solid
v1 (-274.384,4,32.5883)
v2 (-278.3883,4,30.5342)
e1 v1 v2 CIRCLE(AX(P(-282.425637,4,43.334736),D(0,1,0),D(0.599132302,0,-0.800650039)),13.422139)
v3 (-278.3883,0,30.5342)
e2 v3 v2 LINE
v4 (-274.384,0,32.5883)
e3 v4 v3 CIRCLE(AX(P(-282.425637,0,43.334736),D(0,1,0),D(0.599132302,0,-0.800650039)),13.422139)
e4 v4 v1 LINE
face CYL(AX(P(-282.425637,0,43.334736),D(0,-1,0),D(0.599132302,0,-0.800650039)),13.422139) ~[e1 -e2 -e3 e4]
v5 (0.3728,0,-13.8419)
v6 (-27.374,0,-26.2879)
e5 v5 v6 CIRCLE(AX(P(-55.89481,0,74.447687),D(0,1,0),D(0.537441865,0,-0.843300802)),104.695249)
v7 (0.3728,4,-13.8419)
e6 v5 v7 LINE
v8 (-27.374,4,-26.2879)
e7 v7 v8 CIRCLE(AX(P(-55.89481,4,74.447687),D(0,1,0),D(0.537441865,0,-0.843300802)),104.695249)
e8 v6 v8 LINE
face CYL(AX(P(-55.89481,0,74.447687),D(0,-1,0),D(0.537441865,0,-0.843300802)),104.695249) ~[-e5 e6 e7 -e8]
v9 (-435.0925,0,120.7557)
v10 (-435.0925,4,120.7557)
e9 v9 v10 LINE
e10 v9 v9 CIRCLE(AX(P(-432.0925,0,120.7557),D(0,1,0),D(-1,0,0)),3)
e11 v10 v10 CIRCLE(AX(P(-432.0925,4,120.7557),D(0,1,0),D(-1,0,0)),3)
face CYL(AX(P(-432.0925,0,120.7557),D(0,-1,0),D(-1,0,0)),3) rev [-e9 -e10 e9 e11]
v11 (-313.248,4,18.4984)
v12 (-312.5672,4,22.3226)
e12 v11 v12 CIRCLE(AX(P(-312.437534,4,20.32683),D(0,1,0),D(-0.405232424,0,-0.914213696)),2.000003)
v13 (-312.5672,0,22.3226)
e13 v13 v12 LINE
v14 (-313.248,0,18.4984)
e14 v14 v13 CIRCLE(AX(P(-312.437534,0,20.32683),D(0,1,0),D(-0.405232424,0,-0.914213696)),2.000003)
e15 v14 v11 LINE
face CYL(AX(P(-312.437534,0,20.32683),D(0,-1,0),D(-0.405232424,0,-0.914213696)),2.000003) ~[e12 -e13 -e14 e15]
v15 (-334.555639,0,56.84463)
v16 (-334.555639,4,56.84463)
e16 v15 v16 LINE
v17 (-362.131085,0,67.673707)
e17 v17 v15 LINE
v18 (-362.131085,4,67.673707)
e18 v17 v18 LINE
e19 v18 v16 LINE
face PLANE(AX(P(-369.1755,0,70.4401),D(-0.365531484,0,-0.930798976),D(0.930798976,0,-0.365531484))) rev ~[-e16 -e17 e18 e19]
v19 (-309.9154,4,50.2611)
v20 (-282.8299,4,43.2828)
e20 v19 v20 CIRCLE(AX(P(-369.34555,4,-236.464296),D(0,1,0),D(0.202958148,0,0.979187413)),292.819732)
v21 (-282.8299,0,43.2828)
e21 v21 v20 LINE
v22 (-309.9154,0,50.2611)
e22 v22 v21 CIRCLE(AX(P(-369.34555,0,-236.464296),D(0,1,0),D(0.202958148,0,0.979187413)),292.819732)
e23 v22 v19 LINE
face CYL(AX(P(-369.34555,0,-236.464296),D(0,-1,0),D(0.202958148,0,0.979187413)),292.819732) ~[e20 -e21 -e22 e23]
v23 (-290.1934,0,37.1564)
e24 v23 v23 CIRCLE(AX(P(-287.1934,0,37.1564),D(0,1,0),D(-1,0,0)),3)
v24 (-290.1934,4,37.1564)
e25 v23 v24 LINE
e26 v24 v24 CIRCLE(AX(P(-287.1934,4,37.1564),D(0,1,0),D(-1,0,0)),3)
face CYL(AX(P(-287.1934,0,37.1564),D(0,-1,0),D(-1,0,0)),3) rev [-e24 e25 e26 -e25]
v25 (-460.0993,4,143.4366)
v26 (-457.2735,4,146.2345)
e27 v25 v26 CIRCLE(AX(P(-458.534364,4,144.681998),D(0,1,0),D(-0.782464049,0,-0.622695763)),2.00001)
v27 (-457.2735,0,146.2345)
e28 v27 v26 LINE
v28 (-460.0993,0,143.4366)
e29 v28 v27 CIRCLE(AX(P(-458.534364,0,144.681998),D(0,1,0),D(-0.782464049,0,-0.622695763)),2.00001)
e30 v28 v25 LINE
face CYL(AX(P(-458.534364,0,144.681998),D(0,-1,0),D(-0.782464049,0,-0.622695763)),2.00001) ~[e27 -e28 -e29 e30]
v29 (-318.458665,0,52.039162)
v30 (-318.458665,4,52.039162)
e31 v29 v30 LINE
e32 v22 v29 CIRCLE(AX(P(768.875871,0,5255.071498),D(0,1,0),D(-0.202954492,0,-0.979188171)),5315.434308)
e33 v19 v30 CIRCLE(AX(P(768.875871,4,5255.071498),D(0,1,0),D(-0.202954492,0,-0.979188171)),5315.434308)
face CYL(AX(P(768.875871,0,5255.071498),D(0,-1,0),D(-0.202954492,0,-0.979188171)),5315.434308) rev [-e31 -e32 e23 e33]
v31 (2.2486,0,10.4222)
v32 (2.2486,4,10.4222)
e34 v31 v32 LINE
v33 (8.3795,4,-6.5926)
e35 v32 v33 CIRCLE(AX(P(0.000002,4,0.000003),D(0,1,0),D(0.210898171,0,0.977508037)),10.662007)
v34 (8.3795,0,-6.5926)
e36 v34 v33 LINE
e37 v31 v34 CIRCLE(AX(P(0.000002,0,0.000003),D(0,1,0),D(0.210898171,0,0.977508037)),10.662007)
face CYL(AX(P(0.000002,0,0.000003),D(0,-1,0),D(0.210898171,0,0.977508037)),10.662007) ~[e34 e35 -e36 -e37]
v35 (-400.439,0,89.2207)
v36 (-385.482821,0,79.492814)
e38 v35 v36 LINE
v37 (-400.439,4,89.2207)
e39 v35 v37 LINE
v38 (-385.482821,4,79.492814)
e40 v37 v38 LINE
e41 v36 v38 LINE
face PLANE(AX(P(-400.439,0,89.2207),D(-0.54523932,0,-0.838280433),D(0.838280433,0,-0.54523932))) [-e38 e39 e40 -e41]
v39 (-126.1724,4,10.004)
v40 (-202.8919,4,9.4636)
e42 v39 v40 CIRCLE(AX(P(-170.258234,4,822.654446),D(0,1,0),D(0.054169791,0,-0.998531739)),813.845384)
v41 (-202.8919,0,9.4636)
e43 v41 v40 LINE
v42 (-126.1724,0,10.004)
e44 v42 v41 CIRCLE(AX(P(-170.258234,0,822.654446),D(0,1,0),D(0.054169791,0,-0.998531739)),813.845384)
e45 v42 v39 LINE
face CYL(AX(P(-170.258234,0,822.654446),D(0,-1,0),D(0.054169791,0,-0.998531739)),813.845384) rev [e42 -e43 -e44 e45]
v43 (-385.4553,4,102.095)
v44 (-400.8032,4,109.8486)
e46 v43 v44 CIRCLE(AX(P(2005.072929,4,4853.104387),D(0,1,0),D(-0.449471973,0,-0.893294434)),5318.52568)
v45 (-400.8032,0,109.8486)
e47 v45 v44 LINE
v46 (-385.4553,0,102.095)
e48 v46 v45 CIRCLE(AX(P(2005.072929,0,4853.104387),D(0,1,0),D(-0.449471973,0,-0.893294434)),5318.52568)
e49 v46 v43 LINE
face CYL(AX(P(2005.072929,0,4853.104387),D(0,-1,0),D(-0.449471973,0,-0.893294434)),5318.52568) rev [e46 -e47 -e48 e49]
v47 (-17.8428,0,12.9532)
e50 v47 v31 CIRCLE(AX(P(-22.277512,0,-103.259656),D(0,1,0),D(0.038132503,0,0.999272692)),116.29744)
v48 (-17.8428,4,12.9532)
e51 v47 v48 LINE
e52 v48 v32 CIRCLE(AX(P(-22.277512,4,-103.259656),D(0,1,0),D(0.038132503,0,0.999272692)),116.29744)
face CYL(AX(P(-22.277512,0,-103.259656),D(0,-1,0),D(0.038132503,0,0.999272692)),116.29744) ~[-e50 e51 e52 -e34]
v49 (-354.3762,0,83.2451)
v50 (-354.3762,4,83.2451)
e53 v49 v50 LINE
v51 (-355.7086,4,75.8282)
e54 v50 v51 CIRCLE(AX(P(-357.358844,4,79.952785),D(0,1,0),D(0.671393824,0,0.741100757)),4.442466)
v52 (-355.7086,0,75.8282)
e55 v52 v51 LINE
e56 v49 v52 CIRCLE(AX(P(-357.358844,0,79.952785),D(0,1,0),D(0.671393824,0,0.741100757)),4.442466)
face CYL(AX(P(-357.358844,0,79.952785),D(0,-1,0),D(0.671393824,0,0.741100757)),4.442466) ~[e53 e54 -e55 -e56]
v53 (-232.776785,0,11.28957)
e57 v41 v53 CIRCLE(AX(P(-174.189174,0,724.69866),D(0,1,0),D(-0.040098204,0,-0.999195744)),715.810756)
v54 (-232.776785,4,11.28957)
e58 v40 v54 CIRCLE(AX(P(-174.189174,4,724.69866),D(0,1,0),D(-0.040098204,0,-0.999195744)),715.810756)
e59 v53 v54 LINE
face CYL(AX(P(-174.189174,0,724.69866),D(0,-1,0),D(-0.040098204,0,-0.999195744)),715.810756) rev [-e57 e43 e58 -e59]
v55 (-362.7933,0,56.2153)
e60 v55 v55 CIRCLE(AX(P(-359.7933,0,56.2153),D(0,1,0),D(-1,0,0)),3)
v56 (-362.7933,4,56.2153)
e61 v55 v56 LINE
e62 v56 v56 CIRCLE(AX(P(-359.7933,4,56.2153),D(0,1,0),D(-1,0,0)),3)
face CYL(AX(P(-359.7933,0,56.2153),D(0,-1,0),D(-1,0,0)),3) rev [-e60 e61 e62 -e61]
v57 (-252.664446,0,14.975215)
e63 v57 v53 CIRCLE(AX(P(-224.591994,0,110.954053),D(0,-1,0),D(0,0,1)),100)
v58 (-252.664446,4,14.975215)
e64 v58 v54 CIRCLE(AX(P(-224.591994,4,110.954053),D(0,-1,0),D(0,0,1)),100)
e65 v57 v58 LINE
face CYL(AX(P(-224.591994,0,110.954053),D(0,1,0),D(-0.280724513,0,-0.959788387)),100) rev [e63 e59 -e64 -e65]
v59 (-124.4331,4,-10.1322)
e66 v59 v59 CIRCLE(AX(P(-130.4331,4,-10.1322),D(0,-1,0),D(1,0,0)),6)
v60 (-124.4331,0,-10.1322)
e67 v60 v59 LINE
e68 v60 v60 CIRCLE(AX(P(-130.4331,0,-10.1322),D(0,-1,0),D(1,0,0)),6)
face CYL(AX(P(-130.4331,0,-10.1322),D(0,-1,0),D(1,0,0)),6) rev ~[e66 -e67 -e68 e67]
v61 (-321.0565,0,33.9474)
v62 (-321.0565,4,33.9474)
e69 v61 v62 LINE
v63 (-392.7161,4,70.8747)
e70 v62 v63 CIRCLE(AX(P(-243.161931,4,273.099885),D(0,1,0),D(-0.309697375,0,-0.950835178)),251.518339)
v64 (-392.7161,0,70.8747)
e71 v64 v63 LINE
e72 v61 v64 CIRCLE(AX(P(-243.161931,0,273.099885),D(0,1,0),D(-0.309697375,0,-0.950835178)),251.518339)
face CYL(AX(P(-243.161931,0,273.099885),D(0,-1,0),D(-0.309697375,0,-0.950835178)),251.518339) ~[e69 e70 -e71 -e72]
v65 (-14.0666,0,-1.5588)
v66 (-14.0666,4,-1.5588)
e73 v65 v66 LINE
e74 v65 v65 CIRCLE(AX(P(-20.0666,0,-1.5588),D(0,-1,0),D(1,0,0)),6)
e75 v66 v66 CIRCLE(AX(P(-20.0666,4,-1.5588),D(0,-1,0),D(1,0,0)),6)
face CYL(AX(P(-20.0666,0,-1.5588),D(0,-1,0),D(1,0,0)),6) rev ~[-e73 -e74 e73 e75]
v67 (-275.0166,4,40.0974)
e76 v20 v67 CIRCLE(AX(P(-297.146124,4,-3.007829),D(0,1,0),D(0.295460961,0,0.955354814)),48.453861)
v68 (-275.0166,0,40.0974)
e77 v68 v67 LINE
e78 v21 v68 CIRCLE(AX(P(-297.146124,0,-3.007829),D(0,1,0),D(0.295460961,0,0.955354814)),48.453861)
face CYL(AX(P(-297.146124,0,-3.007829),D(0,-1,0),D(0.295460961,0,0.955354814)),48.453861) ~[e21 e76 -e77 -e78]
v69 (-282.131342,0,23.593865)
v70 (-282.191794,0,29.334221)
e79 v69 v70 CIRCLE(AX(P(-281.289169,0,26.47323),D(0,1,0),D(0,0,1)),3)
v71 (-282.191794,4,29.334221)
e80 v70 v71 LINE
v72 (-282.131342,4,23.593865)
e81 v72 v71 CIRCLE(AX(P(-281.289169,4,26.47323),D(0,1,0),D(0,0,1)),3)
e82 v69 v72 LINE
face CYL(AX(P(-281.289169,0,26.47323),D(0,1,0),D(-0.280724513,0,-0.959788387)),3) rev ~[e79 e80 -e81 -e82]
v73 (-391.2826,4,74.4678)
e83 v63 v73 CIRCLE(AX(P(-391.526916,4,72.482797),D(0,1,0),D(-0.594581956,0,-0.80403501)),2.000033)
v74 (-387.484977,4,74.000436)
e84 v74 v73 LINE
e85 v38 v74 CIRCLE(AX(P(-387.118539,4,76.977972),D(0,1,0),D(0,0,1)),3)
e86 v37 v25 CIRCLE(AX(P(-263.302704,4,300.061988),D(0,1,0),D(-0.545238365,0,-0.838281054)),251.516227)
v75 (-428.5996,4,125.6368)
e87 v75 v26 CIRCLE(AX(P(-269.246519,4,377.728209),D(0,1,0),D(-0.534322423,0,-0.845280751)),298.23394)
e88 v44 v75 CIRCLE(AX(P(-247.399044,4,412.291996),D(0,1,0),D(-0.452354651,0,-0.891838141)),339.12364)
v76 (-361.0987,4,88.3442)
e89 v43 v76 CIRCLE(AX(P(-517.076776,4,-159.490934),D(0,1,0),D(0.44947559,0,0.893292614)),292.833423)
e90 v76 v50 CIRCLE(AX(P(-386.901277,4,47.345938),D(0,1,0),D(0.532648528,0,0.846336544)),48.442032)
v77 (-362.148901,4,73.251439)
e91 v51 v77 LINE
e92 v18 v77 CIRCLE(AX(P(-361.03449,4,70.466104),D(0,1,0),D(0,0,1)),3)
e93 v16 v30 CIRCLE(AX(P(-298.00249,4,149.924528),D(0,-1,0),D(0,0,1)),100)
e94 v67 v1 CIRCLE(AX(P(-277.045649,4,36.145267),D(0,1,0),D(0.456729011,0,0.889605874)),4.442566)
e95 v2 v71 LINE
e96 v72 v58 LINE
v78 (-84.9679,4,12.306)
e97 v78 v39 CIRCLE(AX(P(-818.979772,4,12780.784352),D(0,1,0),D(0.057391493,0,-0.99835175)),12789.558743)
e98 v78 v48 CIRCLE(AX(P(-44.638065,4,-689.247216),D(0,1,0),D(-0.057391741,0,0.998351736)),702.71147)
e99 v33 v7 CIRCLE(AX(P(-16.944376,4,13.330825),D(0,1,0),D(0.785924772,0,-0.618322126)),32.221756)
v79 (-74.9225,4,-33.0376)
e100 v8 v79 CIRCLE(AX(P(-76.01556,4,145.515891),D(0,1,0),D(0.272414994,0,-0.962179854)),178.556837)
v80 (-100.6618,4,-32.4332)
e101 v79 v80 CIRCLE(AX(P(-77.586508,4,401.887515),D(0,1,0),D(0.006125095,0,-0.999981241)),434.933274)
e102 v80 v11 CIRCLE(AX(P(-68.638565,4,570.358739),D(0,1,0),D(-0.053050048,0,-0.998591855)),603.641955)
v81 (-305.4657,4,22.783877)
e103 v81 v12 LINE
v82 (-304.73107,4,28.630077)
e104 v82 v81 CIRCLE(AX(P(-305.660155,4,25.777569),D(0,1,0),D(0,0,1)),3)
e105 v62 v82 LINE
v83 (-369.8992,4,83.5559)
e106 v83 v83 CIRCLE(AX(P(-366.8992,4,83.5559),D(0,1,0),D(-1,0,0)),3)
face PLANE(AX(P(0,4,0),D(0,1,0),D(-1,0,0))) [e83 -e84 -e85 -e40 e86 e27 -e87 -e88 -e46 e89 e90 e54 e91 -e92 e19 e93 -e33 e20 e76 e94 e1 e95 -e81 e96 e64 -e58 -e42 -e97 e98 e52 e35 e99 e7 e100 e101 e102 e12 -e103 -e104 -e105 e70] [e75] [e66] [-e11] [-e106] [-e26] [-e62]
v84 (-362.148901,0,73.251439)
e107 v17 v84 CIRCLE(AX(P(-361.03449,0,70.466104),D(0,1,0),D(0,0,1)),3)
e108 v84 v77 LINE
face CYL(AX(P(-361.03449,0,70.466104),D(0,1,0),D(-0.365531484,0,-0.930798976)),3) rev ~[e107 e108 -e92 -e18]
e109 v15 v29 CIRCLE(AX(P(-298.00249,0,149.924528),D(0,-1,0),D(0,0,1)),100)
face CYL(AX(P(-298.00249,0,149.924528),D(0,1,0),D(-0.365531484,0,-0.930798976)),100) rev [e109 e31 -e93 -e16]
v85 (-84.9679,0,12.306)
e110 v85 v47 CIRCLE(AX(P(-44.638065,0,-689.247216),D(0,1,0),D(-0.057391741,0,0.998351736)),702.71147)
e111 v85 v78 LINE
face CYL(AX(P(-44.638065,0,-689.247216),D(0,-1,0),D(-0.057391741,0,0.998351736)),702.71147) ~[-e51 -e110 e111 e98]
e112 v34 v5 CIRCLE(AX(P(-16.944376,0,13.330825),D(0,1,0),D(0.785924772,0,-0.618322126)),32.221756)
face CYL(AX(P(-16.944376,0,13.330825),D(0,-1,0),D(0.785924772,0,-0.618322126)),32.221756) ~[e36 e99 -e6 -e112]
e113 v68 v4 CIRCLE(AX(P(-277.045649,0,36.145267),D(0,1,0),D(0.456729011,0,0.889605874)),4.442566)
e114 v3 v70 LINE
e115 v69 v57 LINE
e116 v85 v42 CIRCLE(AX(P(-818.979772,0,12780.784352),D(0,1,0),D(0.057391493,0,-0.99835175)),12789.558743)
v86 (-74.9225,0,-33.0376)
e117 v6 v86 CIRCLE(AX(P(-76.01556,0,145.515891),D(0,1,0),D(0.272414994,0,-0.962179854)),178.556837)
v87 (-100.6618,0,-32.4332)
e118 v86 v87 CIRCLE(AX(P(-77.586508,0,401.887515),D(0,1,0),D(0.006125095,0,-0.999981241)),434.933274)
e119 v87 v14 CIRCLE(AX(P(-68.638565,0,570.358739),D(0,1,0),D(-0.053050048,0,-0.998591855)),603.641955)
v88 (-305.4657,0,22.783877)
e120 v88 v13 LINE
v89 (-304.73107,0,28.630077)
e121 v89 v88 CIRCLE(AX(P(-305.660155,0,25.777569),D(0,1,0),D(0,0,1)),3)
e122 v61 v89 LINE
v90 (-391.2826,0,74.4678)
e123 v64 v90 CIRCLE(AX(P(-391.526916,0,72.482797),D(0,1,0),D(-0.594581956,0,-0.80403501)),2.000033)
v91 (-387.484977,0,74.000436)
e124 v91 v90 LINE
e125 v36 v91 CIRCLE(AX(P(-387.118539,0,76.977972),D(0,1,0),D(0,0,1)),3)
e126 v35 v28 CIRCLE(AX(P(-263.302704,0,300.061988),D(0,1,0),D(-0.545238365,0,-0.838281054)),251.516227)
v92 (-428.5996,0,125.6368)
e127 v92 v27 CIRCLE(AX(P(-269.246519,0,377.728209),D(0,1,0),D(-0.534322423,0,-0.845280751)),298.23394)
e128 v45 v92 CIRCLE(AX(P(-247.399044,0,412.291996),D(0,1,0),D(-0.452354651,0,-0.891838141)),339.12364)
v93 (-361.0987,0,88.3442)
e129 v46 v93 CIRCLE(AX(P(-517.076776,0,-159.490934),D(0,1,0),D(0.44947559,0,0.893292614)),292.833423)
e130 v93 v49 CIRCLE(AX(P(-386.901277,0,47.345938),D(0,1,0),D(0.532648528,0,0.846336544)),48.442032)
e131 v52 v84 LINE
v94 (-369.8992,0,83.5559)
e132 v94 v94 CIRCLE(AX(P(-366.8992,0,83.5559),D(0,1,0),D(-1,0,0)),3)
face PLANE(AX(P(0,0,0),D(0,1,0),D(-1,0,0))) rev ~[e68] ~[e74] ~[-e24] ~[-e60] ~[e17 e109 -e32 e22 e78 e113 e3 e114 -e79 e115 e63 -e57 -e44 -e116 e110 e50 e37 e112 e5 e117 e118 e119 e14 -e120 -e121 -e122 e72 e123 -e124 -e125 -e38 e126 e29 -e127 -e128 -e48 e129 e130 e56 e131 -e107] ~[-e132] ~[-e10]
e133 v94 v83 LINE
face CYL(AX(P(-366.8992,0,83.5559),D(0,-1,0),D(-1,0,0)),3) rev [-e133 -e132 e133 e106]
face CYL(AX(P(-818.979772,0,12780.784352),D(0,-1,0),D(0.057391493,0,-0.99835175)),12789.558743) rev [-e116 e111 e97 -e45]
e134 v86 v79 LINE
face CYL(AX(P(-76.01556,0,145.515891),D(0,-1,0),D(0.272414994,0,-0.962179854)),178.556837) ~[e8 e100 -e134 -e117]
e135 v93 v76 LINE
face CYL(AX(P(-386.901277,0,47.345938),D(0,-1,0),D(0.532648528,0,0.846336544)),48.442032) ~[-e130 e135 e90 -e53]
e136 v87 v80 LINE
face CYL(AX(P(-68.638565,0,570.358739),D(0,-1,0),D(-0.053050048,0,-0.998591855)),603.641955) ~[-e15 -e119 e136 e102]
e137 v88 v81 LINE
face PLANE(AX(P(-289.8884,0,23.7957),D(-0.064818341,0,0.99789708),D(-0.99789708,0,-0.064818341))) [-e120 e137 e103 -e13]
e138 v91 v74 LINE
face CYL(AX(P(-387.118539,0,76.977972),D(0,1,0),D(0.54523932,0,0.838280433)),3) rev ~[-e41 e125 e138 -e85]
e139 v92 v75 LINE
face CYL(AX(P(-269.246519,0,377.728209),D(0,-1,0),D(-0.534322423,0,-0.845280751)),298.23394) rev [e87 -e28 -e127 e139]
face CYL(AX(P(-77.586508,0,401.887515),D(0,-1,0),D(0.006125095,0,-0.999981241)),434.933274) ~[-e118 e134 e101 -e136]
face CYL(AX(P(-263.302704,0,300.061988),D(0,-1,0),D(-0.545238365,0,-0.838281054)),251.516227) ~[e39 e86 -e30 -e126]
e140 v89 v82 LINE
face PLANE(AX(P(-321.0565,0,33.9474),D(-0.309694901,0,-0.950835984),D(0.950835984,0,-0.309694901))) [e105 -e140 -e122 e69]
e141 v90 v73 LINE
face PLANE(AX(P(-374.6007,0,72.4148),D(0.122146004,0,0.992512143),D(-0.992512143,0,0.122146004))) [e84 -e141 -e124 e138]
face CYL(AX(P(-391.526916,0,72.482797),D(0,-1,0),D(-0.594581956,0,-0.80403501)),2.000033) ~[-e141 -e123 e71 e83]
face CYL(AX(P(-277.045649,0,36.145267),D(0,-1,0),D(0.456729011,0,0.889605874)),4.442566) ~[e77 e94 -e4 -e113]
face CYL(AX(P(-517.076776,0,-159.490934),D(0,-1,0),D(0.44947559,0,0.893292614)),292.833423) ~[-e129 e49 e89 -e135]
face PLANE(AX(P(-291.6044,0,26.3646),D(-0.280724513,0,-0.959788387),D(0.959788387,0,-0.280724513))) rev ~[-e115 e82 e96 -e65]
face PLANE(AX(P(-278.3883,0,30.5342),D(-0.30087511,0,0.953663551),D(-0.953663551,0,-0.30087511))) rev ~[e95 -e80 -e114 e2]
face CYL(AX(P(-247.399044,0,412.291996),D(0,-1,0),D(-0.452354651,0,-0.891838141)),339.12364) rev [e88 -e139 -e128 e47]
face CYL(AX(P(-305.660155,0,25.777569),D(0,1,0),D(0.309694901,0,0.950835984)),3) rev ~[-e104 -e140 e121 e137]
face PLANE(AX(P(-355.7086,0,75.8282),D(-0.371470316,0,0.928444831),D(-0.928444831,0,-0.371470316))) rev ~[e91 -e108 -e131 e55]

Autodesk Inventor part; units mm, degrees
ref_plane "YZ Plane" through (0, 0, 0) normal (1, 0, 0) x (0, 1, 0)
ref_plane "XZ Plane" through (0, 0, 0) normal (0, 1, 0) x (-1, 0, 0)
ref_plane "XY Plane" through (0, 0, 0) normal (0, 0, 1) x (1, 0, 0)
sketch "スケッチ2" plane through (0, 0, 0) normal (0, 1, 0) x (-1, 0, 0)
  circle A0 centre (366.8992, 83.5559) radius 3 projected
  circle A1 centre (432.0925, 120.7557) radius 3 projected
  arc A2 (460.0993, 143.4366) -> (457.2735, 146.2345) centre (458.5344, 144.682) ccw projected
  arc A3 (400.439, 89.2207) -> (460.0993, 143.4366) centre (263.302, 300.0629) ccw projected
  arc A4 (391.277, 83.6402) -> (400.439, 89.2207) centre (301.619, 241.1522) ccw projected
  arc A5 (372.7132, 76.1699) -> (391.277, 83.6402) centre (354.4726, 148.2986) ccw projected
  arc A6 (360.1081, 74.8804) -> (372.7132, 76.1699) centre (362.0183, 118.4608) ccw projected
  arc A7 (355.7086, 75.8282) -> (360.1081, 74.8804) centre (360.696, 88.2936) ccw projected
  arc A8 (354.3762, 83.2451) -> (355.7086, 75.8282) centre (357.3588, 79.9528) ccw projected
  arc A9 (361.0987, 88.3442) -> (354.3762, 83.2451) centre (386.9085, 47.3355) ccw projected
  arc A10 (385.4553, 102.095) -> (361.0987, 88.3442) centre (517.0615, -159.4623) ccw projected
  arc A11 (385.4553, 102.095) -> (400.8032, 109.8486) centre (-2010.0977, 4863.0707) ccw projected
  arc A12 (400.8032, 109.8486) -> (428.5996, 125.6368) centre (247.4107, 412.2703) ccw projected
  arc A13 (428.5996, 125.6368) -> (457.2735, 146.2345) centre (269.2327, 377.7487) ccw projected
  circle A14 centre (287.1934, 37.1564) radius 3 projected
  circle A15 centre (359.7933, 56.2153) radius 3 projected
  arc A16 (392.7161, 70.8747) -> (390.7107, 74.3087) centre (391.5269, 72.4828) ccw projected
  arc A17 (321.0565, 33.9474) -> (392.7161, 70.8747) centre (243.1623, 273.099) ccw projected
  arc A18 (310.7624, 30.9284) -> (321.0565, 33.9474) centre (264.9264, 206.2785) ccw projected
  arc A19 (290.8977, 28.5173) -> (310.7624, 30.9284) centre (291.9468, 102.9093) ccw projected
  arc A20 (278.3883, 30.5342) -> (290.8977, 28.5173) centre (291.5128, 72.1352) ccw projected
  arc A21 (274.384, 32.5883) -> (278.3883, 30.5342) centre (282.4278, 43.3382) ccw projected
  arc A22 (275.0166, 40.0974) -> (274.384, 32.5883) centre (277.0456, 36.1453) ccw projected
  arc A23 (282.8299, 43.2828) -> (275.0166, 40.0974) centre (297.1464, -3.0086) ccw projected
  arc A24 (309.9154, 50.2611) -> (282.8299, 43.2828) centre (369.3413, -236.446) ccw projected
  arc A25 (309.9154, 50.2611) -> (326.7472, 53.7782) centre (-771.7798, 5269.0252) ccw projected
  arc A26 (326.7472, 53.7782) -> (357.6827, 61.8342) centre (256.8539, 385.5961) ccw projected
  arc A27 (357.6827, 61.8342) -> (390.7107, 74.3087) centre (268.9975, 346.6028) ccw projected
  circle A28 centre (20.0666, -1.5588) radius 5 projected
  circle A29 centre (130.4331, -10.1322) radius 5 projected
  arc A30 (313.248, 18.4984) -> (312.0524, 22.2894) centre (312.4376, 20.3268) ccw projected
  arc A31 (100.6618, -32.4332) -> (313.248, 18.4984) centre (68.6386, 570.3585) ccw projected
  arc A32 (74.9225, -33.0376) -> (100.6618, -32.4332) centre (77.5861, 401.9345) ccw projected
  arc A33 (27.374, -26.2879) -> (74.9225, -33.0376) centre (76.0159, 145.5175) ccw projected
  arc A34 (-0.3728, -13.8419) -> (27.374, -26.2879) centre (55.8939, 74.446) ccw projected
  arc A35 (-8.3795, -6.5926) -> (-0.3728, -13.8419) centre (16.9451, 13.3315) ccw projected
  arc A36 (-2.2486, 10.4222) -> (-8.3795, -6.5926) centre (0, 0) ccw projected
  arc A37 (17.8428, 12.9532) -> (-2.2486, 10.4222) centre (22.277, -103.2534) ccw projected
  arc A38 (84.9679, 12.306) -> (17.8428, 12.9532) centre (44.6377, -689.2581) ccw projected
  arc A39 (84.9679, 12.306) -> (126.1724, 10.004) centre (819.0754, 12782.4716) ccw projected
  arc A40 (126.1724, 10.004) -> (202.8919, 9.4636) centre (170.258, 822.6468) ccw projected
  arc A41 (202.8919, 9.4636) -> (312.0524, 22.2894) centre (174.1884, 724.7085) ccw projected
  line L0 (400.439, 89.2207) -> (374.6007, 72.4148)
  line L1 (374.6007, 72.4148) -> (391.2826, 74.4678)
  line L2 (355.7086, 75.8282) -> (369.1755, 70.4401)
  line L3 (369.1755, 70.4401) -> (326.7472, 53.7782)
  line L4 (321.0565, 33.9474) -> (289.8884, 23.7957)
  line L5 (289.8884, 23.7957) -> (312.5672, 22.3226)
  line L6 (278.3883, 30.5342) -> (291.6044, 26.3646)
  line L7 (291.6044, 26.3646) -> (243.2783, 12.2299)
  point P0 (0, 0)
extrude "押し出し2" add sketch "スケッチ2" along normal blind 4
fillet "フィレット2" radius 3 4 edges at (-369.1755, 2, 70.4401) (-291.6044, 2, 26.3646) (-374.6007, 2, 72.4148) (-289.8884, 2, 23.7957)
fillet "フィレット2" radius 100 2 edges at (-326.7472, 2, 53.7782) (-243.2783, 2, 12.2299)
sketch "スケッチ3" plane through (0, 0, 0) normal (0, -1, 0) x (1, 0, 0)
  circle A0 centre (-20.0666, -1.5588) radius 6
  circle A1 centre (-130.4331, -10.1322) radius 6
  circle A2 centre (-130.4331, -10.1322) radius 5 projected
  circle A3 centre (-20.0666, -1.5588) radius 5 projected
  point P0 (0, 0)
  dimension "d10" = 12
  dimension "d11" = 12
extrude "押し出し3" cut sketch "スケッチ3" against normal through all
equation "\"d11\" = d10"
properties part number "bracket2" material "木材 (オーク)"
